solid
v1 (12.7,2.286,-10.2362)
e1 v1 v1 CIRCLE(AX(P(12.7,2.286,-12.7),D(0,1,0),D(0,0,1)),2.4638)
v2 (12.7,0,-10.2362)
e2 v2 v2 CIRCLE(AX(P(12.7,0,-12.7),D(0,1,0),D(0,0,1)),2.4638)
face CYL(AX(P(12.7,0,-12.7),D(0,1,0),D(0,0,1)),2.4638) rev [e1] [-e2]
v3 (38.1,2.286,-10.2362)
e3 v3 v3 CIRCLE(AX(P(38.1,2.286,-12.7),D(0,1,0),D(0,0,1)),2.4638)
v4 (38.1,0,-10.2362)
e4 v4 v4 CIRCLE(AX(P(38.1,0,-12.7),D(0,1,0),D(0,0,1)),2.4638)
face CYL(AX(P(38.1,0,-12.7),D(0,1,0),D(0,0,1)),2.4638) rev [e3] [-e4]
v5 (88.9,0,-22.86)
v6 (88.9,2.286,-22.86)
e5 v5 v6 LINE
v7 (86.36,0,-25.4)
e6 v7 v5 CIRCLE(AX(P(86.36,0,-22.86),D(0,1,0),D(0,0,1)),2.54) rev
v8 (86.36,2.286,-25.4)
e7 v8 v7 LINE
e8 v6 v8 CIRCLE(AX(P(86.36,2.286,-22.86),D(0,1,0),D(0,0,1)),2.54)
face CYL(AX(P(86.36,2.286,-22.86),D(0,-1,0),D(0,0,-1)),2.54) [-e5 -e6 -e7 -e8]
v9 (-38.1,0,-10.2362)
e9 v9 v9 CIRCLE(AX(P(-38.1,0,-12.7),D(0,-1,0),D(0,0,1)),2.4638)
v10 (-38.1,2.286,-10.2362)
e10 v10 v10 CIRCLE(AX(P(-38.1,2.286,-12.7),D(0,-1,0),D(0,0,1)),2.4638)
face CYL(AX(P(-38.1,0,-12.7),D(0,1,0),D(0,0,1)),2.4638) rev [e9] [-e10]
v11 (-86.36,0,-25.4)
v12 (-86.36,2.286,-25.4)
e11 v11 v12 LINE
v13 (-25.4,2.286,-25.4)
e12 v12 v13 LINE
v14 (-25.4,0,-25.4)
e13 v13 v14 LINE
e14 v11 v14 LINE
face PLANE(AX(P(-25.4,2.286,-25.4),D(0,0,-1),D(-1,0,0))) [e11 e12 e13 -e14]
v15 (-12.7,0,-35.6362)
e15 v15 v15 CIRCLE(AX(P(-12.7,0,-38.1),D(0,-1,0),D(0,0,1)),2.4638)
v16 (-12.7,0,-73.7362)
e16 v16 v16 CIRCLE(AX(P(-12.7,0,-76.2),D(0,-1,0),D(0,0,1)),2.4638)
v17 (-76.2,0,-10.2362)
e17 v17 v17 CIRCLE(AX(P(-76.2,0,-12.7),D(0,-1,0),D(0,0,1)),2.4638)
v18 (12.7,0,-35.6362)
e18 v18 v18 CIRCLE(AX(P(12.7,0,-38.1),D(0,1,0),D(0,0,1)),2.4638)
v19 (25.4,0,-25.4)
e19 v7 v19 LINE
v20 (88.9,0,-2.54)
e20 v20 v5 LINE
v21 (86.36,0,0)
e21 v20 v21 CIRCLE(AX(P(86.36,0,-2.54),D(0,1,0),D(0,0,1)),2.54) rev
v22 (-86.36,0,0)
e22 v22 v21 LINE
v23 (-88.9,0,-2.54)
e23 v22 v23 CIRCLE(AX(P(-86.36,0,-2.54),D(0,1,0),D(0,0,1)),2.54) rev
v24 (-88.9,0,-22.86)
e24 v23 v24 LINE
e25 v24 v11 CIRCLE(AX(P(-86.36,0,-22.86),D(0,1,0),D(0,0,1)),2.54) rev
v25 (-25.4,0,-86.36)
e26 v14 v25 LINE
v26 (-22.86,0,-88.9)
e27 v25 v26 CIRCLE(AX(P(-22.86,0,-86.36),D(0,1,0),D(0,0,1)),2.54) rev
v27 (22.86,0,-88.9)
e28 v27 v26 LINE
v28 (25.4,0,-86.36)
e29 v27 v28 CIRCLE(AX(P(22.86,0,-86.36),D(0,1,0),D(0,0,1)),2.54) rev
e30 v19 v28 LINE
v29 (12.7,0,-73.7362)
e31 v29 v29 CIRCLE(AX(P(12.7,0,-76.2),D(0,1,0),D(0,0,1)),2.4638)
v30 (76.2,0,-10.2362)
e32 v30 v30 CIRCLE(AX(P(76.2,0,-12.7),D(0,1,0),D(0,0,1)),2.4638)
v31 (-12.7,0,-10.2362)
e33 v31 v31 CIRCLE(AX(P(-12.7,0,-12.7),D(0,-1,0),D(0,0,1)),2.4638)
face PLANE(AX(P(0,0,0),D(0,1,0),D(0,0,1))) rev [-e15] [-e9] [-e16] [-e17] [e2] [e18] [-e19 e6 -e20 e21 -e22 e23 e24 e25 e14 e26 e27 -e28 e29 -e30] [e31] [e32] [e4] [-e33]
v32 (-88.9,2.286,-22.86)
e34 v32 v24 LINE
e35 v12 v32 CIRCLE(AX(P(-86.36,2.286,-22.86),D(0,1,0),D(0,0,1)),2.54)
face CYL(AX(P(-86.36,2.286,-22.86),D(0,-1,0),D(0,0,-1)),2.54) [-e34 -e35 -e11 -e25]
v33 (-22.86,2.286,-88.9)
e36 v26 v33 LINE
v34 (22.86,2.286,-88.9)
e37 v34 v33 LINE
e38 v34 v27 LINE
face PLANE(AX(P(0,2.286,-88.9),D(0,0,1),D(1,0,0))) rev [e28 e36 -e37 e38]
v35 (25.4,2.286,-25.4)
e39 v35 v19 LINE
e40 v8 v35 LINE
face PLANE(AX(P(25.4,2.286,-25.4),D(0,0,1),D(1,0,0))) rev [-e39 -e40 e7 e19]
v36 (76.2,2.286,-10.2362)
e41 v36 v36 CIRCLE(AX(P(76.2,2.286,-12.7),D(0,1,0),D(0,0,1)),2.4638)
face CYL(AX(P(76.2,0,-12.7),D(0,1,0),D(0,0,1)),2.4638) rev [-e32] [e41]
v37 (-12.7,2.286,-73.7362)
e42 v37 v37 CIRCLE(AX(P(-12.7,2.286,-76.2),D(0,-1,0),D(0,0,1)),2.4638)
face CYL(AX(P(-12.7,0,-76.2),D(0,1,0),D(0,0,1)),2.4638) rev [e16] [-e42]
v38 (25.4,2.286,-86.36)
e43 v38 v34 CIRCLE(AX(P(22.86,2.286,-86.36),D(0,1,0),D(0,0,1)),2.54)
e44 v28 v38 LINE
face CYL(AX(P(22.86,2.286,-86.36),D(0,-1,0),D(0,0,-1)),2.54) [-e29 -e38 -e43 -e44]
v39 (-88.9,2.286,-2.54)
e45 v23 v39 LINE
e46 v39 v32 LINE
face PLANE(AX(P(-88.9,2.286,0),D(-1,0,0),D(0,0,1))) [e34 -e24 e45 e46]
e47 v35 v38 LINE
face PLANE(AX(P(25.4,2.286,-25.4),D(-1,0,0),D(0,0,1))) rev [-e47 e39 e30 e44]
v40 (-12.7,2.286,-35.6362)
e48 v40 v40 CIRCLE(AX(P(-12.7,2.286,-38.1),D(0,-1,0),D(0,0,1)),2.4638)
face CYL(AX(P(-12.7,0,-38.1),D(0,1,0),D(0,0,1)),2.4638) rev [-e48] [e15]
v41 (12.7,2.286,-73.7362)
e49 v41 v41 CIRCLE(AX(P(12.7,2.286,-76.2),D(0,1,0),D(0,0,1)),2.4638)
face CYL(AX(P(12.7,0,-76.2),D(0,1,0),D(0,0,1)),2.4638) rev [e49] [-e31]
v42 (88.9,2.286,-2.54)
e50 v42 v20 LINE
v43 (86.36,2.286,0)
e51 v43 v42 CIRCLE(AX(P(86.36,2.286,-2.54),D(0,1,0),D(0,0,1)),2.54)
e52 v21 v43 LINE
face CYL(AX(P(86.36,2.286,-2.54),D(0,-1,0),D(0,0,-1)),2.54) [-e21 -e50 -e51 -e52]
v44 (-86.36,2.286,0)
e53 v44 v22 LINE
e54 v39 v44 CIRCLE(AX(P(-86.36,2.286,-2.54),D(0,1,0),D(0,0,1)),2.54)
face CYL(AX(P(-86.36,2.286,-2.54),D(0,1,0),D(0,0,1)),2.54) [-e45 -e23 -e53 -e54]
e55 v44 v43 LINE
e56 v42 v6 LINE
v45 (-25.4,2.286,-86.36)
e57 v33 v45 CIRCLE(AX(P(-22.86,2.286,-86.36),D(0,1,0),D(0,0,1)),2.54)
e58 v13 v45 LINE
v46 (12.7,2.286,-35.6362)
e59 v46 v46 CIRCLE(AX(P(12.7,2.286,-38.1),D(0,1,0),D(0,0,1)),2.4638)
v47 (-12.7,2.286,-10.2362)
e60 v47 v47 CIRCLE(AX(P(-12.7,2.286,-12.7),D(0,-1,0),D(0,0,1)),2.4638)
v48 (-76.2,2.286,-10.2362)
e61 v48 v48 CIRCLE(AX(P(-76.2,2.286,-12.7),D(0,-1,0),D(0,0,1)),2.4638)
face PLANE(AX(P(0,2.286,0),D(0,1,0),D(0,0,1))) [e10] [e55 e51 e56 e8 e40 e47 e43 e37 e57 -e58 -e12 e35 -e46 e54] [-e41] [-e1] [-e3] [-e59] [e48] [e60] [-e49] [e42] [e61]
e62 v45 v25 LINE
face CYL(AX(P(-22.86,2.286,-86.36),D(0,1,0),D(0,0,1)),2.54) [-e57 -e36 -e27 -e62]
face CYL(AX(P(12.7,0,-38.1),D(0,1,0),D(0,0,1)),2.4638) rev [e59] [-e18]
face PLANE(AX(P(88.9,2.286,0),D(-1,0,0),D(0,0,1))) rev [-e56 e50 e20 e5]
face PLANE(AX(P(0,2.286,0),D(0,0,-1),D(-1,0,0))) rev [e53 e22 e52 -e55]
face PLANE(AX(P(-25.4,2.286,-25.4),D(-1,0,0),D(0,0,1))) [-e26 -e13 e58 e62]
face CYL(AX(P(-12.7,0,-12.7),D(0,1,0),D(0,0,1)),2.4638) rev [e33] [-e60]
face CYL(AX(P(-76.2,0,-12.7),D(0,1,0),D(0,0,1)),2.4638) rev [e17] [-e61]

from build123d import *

# Parameters (mm, degrees)
BOSS_EXTRUDE1_DEPTH = 2.286
SKETCH3_R           = 2.4638
CUT_EXTRUDE2_DEPTH  = 126.744366856
FILLET1_R           = 2.54


with BuildPart() as part:
    # Sketch1 → Boss-Extrude1 (new body)
    with BuildSketch(Plane(origin=(0, 0, 0), x_dir=(1, 0, 0), z_dir=(0, 1, 0))):
        Polygon((0, 0), (88.9, 0), (88.9, 25.4), (25.4, 25.4), (25.4, 88.9), (0, 88.9), align=None)
    boss_extrude1 = extrude(amount=BOSS_EXTRUDE1_DEPTH)

    # Sketch3 → Cut-Extrude2 (cut, through all)
    with BuildSketch(Plane(origin=(0, 2.286, 0), x_dir=(1, 0, 0), z_dir=(0, 1, 0))):
        with Locations(Location((76.2, 12.7, 0), (0, 0, 270))):
            Circle(SKETCH3_R)
        with Locations(Location((12.7, 12.7, 0), (0, 0, 270))):
            Circle(SKETCH3_R)
        with Locations(Location((12.7, 76.2, 0), (0, 0, 270))):
            Circle(SKETCH3_R)
        with Locations(Location((12.7, 38.1, 0), (0, 0, 270))):
            Circle(SKETCH3_R)
        with Locations(Location((38.1, 12.7, 0), (0, 0, 270))):
            Circle(SKETCH3_R)
    cut_extrude2 = extrude(amount=-CUT_EXTRUDE2_DEPTH, mode=Mode.SUBTRACT)

    # Mirror1: Boss-Extrude1, Cut-Extrude2 across plane
    add(boss_extrude1.mirror(Plane(origin=(0, 2.286, -88.9), x_dir=(0, 0, 1), z_dir=(1, 0, 0))))
    add(cut_extrude2.mirror(Plane(origin=(0, 2.286, -88.9), x_dir=(0, 0, 1), z_dir=(1, 0, 0))), mode=Mode.SUBTRACT)

    # Fillet1
    fillet1_edges = [part.edges().sort_by_distance(p)[0] for p in [
        (25.4, 1.143, -88.9),
        (88.9, 1.143, -25.4),
        (88.9, 1.143, 0),
        (-25.4, 1.143, -88.9),
        (-88.9, 1.143, -25.4),
        (-88.9, 1.143, 0),
    ]]
    fillet(fillet1_edges, radius=FILLET1_R)


solid = part.part
